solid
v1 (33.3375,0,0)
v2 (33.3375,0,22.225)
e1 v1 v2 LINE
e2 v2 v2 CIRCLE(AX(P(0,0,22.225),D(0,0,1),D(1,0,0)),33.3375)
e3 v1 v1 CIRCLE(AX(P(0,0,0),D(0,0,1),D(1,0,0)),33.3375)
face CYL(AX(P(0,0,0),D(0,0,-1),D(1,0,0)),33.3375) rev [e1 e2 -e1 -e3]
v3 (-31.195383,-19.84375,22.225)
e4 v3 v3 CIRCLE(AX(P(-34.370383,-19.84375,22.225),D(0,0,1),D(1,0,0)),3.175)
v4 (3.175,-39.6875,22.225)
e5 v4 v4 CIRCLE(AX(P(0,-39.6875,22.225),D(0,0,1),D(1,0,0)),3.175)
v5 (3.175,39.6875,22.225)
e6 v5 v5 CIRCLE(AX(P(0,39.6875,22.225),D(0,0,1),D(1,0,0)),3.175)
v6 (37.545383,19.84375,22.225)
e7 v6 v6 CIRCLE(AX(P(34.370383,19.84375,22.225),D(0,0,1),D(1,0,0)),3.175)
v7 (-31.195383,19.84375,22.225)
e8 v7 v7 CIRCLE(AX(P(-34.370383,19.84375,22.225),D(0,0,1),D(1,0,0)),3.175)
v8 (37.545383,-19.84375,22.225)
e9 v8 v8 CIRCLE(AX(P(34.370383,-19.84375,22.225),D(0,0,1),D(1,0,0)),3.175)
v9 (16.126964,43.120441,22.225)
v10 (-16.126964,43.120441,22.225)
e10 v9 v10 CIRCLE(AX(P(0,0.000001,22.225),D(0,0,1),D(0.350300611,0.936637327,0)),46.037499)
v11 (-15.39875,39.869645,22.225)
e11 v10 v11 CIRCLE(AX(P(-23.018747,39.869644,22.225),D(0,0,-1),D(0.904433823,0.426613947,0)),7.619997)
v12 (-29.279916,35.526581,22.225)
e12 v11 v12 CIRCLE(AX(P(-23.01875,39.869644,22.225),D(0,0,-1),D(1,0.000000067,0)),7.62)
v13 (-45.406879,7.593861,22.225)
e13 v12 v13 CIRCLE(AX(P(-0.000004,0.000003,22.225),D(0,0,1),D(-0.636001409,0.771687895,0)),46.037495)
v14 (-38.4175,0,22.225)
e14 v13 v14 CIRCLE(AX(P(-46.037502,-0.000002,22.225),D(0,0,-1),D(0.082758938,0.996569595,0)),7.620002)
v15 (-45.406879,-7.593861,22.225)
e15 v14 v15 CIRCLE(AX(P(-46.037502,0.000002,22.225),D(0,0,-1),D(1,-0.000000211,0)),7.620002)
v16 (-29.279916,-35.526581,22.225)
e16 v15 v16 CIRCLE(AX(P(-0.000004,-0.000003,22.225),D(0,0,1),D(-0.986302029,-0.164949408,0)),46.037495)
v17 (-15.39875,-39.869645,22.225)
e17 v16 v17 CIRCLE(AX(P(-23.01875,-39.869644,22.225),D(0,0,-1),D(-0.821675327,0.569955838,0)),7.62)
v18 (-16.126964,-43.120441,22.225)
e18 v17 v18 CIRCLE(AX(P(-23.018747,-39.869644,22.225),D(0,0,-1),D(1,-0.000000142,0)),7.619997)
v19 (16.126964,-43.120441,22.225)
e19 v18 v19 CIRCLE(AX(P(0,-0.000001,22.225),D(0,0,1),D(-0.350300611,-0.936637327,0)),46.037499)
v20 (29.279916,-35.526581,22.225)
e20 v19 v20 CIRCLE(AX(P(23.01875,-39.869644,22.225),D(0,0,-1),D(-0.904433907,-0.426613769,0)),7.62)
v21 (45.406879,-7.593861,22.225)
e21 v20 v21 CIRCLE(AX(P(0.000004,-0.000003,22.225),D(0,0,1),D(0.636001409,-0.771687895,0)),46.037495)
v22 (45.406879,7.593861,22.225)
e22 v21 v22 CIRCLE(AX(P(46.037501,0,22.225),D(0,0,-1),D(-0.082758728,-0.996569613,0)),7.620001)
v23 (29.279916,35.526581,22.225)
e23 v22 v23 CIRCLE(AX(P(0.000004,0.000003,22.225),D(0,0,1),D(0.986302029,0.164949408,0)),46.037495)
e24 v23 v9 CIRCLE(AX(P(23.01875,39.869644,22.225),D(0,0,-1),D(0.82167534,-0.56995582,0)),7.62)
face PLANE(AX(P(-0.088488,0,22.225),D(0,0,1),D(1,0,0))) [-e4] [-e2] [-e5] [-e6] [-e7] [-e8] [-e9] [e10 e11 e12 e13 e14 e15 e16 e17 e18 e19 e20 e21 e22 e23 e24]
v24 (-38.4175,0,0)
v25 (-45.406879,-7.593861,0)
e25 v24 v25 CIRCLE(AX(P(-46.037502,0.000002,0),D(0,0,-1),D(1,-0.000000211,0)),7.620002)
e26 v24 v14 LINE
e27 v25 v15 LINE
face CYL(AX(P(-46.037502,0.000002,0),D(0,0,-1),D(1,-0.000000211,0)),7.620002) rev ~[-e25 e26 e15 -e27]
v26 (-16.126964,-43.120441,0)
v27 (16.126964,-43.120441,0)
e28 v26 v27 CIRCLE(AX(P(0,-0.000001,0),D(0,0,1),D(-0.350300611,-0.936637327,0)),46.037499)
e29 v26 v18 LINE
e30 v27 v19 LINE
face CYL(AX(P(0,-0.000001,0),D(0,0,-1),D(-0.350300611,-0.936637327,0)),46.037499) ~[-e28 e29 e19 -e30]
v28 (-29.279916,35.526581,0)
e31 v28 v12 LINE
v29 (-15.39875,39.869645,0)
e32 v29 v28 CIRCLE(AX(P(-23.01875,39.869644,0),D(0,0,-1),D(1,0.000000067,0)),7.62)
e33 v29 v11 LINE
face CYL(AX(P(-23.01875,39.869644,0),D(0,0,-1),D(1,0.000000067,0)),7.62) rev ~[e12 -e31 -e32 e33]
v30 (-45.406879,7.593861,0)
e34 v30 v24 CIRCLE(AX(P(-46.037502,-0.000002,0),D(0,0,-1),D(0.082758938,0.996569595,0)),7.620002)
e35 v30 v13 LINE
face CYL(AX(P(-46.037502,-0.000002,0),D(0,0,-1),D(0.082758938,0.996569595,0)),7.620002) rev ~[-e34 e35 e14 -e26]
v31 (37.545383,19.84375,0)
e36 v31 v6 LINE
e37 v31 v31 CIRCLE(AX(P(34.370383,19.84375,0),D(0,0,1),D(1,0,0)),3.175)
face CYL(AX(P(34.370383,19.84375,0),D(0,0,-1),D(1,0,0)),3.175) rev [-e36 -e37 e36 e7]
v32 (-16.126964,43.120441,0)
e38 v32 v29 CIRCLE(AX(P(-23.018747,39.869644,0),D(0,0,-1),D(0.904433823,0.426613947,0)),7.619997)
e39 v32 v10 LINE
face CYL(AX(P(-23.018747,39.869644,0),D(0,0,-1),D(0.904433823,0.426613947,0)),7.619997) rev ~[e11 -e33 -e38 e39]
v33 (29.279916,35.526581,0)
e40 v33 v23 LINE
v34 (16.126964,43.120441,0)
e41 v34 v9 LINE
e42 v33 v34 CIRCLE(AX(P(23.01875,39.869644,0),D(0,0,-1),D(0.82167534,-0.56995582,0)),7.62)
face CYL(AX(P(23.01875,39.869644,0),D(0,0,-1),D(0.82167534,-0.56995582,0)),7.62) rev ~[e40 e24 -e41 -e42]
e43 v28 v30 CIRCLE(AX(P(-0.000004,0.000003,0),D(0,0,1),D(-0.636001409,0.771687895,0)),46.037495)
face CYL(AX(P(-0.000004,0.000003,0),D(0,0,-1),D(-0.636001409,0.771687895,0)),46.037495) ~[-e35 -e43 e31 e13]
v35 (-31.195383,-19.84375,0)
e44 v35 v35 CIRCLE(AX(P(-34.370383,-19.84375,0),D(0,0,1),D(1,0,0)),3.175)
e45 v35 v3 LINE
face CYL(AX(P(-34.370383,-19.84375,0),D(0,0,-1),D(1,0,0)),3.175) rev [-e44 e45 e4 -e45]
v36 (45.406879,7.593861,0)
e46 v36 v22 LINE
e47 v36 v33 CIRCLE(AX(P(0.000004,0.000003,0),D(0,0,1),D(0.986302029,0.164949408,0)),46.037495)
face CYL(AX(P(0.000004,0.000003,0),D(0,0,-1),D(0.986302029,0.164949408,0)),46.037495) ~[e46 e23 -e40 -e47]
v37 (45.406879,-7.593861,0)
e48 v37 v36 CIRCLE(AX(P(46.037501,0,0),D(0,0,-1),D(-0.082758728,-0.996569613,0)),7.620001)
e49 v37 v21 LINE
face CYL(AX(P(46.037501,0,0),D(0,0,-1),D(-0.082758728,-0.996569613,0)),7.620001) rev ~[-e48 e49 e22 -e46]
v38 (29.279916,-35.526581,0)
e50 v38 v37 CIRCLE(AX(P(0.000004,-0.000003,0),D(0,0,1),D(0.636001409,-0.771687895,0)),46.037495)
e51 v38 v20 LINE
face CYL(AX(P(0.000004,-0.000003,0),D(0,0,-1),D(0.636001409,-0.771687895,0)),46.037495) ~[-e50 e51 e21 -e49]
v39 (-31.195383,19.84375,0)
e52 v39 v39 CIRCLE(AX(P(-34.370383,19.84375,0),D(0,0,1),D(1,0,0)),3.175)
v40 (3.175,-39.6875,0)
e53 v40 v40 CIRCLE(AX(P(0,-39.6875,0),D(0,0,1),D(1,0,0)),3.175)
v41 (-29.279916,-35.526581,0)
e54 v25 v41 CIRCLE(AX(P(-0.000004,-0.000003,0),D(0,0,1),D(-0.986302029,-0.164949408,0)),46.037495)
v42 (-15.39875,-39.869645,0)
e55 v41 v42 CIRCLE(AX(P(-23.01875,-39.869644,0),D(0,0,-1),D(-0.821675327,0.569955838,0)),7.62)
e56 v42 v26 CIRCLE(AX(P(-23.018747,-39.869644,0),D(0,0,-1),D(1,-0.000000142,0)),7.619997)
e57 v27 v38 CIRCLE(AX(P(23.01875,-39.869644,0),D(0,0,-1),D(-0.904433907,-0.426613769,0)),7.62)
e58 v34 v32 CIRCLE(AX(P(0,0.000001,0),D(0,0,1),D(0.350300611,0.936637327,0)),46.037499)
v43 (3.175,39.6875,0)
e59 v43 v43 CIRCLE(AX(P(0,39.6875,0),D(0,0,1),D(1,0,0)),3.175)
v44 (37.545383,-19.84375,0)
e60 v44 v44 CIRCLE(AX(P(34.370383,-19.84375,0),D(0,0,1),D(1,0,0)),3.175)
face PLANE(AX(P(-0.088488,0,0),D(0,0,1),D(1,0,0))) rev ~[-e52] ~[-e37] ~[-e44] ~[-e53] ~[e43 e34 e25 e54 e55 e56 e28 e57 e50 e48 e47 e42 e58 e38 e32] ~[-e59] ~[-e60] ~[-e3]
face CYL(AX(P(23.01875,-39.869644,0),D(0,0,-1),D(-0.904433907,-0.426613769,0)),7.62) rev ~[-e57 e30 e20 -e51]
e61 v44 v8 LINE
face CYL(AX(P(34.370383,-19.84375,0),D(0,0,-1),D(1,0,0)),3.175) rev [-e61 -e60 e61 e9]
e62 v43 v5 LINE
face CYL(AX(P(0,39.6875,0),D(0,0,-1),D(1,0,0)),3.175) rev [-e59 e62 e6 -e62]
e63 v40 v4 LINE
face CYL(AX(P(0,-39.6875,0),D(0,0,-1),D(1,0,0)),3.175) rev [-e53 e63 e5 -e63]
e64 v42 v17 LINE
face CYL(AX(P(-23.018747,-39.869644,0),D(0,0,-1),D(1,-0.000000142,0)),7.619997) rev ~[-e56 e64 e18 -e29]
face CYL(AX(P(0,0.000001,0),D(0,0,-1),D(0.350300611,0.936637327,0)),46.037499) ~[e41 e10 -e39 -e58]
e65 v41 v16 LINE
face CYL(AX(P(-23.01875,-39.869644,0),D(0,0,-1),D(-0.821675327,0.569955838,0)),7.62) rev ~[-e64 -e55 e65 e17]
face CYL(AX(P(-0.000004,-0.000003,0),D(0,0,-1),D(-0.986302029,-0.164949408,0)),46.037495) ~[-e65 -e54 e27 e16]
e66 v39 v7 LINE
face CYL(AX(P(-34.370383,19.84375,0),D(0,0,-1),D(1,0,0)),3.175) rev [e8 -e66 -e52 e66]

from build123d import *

# Parameters (mm, degrees)
F0_R     = 3.175
F0_R_2   = 33.3375
F1_DEPTH = 22.225


with BuildPart() as f1:
    # F0 (on Top) → F1 (new body)
    with BuildSketch(Plane.XY):
        with BuildLine():
            ThreePointArc((45.406879, -7.593861), (38.4175, 0), (45.406879, 7.593861))
            ThreePointArc((45.406879, 7.593861), (39.869645, 23.01875), (29.279916, 35.526581))
            ThreePointArc((29.279916, 35.526581), (19.20875, 33.270531), (16.126964, 43.120441))
            ThreePointArc((16.126964, 43.120441), (0, 46.0375), (-16.126964, 43.120441))
            ThreePointArc((-16.126964, 43.120441), (-15.583032, 41.535326), (-15.39875, 39.869645))
            ThreePointArc((-15.39875, 39.869645), (-20.743413, 32.597283), (-29.279916, 35.526581))
            ThreePointArc((-29.279916, 35.526581), (-39.869645, 23.01875), (-45.406879, 7.593861))
            ThreePointArc((-45.406879, 7.593861), (-40.43082, 5.160381), (-38.4175, 0))
            ThreePointArc((-38.4175, 0), (-40.43082, -5.160381), (-45.406879, -7.593861))
            ThreePointArc((-45.406879, -7.593861), (-39.869645, -23.01875), (-29.279916, -35.526581))
            ThreePointArc((-29.279916, -35.526581), (-20.743413, -32.597283), (-15.39875, -39.869645))
            ThreePointArc((-15.39875, -39.869645), (-15.583032, -41.535326), (-16.126964, -43.120441))
            ThreePointArc((-16.126964, -43.120441), (0, -46.0375), (16.126964, -43.120441))
            ThreePointArc((16.126964, -43.120441), (19.20875, -33.270531), (29.279916, -35.526581))
            ThreePointArc((29.279916, -35.526581), (39.869645, -23.01875), (45.406879, -7.593861))
        make_face()
        with Locations((-34.370383, -19.84375)):
            Circle(F0_R, mode=Mode.SUBTRACT)
        with Locations((0, -39.6875)):
            Circle(F0_R, mode=Mode.SUBTRACT)
        with Locations((34.370383, -19.84375)):
            Circle(F0_R, mode=Mode.SUBTRACT)
        with Locations((-34.370383, 19.84375)):
            Circle(F0_R, mode=Mode.SUBTRACT)
        Circle(F0_R_2, mode=Mode.SUBTRACT)
        with Locations((34.370383, 19.84375)):
            Circle(F0_R, mode=Mode.SUBTRACT)
        with Locations((0, 39.6875)):
            Circle(F0_R, mode=Mode.SUBTRACT)
    extrude(amount=F1_DEPTH)


solid = f1.part
